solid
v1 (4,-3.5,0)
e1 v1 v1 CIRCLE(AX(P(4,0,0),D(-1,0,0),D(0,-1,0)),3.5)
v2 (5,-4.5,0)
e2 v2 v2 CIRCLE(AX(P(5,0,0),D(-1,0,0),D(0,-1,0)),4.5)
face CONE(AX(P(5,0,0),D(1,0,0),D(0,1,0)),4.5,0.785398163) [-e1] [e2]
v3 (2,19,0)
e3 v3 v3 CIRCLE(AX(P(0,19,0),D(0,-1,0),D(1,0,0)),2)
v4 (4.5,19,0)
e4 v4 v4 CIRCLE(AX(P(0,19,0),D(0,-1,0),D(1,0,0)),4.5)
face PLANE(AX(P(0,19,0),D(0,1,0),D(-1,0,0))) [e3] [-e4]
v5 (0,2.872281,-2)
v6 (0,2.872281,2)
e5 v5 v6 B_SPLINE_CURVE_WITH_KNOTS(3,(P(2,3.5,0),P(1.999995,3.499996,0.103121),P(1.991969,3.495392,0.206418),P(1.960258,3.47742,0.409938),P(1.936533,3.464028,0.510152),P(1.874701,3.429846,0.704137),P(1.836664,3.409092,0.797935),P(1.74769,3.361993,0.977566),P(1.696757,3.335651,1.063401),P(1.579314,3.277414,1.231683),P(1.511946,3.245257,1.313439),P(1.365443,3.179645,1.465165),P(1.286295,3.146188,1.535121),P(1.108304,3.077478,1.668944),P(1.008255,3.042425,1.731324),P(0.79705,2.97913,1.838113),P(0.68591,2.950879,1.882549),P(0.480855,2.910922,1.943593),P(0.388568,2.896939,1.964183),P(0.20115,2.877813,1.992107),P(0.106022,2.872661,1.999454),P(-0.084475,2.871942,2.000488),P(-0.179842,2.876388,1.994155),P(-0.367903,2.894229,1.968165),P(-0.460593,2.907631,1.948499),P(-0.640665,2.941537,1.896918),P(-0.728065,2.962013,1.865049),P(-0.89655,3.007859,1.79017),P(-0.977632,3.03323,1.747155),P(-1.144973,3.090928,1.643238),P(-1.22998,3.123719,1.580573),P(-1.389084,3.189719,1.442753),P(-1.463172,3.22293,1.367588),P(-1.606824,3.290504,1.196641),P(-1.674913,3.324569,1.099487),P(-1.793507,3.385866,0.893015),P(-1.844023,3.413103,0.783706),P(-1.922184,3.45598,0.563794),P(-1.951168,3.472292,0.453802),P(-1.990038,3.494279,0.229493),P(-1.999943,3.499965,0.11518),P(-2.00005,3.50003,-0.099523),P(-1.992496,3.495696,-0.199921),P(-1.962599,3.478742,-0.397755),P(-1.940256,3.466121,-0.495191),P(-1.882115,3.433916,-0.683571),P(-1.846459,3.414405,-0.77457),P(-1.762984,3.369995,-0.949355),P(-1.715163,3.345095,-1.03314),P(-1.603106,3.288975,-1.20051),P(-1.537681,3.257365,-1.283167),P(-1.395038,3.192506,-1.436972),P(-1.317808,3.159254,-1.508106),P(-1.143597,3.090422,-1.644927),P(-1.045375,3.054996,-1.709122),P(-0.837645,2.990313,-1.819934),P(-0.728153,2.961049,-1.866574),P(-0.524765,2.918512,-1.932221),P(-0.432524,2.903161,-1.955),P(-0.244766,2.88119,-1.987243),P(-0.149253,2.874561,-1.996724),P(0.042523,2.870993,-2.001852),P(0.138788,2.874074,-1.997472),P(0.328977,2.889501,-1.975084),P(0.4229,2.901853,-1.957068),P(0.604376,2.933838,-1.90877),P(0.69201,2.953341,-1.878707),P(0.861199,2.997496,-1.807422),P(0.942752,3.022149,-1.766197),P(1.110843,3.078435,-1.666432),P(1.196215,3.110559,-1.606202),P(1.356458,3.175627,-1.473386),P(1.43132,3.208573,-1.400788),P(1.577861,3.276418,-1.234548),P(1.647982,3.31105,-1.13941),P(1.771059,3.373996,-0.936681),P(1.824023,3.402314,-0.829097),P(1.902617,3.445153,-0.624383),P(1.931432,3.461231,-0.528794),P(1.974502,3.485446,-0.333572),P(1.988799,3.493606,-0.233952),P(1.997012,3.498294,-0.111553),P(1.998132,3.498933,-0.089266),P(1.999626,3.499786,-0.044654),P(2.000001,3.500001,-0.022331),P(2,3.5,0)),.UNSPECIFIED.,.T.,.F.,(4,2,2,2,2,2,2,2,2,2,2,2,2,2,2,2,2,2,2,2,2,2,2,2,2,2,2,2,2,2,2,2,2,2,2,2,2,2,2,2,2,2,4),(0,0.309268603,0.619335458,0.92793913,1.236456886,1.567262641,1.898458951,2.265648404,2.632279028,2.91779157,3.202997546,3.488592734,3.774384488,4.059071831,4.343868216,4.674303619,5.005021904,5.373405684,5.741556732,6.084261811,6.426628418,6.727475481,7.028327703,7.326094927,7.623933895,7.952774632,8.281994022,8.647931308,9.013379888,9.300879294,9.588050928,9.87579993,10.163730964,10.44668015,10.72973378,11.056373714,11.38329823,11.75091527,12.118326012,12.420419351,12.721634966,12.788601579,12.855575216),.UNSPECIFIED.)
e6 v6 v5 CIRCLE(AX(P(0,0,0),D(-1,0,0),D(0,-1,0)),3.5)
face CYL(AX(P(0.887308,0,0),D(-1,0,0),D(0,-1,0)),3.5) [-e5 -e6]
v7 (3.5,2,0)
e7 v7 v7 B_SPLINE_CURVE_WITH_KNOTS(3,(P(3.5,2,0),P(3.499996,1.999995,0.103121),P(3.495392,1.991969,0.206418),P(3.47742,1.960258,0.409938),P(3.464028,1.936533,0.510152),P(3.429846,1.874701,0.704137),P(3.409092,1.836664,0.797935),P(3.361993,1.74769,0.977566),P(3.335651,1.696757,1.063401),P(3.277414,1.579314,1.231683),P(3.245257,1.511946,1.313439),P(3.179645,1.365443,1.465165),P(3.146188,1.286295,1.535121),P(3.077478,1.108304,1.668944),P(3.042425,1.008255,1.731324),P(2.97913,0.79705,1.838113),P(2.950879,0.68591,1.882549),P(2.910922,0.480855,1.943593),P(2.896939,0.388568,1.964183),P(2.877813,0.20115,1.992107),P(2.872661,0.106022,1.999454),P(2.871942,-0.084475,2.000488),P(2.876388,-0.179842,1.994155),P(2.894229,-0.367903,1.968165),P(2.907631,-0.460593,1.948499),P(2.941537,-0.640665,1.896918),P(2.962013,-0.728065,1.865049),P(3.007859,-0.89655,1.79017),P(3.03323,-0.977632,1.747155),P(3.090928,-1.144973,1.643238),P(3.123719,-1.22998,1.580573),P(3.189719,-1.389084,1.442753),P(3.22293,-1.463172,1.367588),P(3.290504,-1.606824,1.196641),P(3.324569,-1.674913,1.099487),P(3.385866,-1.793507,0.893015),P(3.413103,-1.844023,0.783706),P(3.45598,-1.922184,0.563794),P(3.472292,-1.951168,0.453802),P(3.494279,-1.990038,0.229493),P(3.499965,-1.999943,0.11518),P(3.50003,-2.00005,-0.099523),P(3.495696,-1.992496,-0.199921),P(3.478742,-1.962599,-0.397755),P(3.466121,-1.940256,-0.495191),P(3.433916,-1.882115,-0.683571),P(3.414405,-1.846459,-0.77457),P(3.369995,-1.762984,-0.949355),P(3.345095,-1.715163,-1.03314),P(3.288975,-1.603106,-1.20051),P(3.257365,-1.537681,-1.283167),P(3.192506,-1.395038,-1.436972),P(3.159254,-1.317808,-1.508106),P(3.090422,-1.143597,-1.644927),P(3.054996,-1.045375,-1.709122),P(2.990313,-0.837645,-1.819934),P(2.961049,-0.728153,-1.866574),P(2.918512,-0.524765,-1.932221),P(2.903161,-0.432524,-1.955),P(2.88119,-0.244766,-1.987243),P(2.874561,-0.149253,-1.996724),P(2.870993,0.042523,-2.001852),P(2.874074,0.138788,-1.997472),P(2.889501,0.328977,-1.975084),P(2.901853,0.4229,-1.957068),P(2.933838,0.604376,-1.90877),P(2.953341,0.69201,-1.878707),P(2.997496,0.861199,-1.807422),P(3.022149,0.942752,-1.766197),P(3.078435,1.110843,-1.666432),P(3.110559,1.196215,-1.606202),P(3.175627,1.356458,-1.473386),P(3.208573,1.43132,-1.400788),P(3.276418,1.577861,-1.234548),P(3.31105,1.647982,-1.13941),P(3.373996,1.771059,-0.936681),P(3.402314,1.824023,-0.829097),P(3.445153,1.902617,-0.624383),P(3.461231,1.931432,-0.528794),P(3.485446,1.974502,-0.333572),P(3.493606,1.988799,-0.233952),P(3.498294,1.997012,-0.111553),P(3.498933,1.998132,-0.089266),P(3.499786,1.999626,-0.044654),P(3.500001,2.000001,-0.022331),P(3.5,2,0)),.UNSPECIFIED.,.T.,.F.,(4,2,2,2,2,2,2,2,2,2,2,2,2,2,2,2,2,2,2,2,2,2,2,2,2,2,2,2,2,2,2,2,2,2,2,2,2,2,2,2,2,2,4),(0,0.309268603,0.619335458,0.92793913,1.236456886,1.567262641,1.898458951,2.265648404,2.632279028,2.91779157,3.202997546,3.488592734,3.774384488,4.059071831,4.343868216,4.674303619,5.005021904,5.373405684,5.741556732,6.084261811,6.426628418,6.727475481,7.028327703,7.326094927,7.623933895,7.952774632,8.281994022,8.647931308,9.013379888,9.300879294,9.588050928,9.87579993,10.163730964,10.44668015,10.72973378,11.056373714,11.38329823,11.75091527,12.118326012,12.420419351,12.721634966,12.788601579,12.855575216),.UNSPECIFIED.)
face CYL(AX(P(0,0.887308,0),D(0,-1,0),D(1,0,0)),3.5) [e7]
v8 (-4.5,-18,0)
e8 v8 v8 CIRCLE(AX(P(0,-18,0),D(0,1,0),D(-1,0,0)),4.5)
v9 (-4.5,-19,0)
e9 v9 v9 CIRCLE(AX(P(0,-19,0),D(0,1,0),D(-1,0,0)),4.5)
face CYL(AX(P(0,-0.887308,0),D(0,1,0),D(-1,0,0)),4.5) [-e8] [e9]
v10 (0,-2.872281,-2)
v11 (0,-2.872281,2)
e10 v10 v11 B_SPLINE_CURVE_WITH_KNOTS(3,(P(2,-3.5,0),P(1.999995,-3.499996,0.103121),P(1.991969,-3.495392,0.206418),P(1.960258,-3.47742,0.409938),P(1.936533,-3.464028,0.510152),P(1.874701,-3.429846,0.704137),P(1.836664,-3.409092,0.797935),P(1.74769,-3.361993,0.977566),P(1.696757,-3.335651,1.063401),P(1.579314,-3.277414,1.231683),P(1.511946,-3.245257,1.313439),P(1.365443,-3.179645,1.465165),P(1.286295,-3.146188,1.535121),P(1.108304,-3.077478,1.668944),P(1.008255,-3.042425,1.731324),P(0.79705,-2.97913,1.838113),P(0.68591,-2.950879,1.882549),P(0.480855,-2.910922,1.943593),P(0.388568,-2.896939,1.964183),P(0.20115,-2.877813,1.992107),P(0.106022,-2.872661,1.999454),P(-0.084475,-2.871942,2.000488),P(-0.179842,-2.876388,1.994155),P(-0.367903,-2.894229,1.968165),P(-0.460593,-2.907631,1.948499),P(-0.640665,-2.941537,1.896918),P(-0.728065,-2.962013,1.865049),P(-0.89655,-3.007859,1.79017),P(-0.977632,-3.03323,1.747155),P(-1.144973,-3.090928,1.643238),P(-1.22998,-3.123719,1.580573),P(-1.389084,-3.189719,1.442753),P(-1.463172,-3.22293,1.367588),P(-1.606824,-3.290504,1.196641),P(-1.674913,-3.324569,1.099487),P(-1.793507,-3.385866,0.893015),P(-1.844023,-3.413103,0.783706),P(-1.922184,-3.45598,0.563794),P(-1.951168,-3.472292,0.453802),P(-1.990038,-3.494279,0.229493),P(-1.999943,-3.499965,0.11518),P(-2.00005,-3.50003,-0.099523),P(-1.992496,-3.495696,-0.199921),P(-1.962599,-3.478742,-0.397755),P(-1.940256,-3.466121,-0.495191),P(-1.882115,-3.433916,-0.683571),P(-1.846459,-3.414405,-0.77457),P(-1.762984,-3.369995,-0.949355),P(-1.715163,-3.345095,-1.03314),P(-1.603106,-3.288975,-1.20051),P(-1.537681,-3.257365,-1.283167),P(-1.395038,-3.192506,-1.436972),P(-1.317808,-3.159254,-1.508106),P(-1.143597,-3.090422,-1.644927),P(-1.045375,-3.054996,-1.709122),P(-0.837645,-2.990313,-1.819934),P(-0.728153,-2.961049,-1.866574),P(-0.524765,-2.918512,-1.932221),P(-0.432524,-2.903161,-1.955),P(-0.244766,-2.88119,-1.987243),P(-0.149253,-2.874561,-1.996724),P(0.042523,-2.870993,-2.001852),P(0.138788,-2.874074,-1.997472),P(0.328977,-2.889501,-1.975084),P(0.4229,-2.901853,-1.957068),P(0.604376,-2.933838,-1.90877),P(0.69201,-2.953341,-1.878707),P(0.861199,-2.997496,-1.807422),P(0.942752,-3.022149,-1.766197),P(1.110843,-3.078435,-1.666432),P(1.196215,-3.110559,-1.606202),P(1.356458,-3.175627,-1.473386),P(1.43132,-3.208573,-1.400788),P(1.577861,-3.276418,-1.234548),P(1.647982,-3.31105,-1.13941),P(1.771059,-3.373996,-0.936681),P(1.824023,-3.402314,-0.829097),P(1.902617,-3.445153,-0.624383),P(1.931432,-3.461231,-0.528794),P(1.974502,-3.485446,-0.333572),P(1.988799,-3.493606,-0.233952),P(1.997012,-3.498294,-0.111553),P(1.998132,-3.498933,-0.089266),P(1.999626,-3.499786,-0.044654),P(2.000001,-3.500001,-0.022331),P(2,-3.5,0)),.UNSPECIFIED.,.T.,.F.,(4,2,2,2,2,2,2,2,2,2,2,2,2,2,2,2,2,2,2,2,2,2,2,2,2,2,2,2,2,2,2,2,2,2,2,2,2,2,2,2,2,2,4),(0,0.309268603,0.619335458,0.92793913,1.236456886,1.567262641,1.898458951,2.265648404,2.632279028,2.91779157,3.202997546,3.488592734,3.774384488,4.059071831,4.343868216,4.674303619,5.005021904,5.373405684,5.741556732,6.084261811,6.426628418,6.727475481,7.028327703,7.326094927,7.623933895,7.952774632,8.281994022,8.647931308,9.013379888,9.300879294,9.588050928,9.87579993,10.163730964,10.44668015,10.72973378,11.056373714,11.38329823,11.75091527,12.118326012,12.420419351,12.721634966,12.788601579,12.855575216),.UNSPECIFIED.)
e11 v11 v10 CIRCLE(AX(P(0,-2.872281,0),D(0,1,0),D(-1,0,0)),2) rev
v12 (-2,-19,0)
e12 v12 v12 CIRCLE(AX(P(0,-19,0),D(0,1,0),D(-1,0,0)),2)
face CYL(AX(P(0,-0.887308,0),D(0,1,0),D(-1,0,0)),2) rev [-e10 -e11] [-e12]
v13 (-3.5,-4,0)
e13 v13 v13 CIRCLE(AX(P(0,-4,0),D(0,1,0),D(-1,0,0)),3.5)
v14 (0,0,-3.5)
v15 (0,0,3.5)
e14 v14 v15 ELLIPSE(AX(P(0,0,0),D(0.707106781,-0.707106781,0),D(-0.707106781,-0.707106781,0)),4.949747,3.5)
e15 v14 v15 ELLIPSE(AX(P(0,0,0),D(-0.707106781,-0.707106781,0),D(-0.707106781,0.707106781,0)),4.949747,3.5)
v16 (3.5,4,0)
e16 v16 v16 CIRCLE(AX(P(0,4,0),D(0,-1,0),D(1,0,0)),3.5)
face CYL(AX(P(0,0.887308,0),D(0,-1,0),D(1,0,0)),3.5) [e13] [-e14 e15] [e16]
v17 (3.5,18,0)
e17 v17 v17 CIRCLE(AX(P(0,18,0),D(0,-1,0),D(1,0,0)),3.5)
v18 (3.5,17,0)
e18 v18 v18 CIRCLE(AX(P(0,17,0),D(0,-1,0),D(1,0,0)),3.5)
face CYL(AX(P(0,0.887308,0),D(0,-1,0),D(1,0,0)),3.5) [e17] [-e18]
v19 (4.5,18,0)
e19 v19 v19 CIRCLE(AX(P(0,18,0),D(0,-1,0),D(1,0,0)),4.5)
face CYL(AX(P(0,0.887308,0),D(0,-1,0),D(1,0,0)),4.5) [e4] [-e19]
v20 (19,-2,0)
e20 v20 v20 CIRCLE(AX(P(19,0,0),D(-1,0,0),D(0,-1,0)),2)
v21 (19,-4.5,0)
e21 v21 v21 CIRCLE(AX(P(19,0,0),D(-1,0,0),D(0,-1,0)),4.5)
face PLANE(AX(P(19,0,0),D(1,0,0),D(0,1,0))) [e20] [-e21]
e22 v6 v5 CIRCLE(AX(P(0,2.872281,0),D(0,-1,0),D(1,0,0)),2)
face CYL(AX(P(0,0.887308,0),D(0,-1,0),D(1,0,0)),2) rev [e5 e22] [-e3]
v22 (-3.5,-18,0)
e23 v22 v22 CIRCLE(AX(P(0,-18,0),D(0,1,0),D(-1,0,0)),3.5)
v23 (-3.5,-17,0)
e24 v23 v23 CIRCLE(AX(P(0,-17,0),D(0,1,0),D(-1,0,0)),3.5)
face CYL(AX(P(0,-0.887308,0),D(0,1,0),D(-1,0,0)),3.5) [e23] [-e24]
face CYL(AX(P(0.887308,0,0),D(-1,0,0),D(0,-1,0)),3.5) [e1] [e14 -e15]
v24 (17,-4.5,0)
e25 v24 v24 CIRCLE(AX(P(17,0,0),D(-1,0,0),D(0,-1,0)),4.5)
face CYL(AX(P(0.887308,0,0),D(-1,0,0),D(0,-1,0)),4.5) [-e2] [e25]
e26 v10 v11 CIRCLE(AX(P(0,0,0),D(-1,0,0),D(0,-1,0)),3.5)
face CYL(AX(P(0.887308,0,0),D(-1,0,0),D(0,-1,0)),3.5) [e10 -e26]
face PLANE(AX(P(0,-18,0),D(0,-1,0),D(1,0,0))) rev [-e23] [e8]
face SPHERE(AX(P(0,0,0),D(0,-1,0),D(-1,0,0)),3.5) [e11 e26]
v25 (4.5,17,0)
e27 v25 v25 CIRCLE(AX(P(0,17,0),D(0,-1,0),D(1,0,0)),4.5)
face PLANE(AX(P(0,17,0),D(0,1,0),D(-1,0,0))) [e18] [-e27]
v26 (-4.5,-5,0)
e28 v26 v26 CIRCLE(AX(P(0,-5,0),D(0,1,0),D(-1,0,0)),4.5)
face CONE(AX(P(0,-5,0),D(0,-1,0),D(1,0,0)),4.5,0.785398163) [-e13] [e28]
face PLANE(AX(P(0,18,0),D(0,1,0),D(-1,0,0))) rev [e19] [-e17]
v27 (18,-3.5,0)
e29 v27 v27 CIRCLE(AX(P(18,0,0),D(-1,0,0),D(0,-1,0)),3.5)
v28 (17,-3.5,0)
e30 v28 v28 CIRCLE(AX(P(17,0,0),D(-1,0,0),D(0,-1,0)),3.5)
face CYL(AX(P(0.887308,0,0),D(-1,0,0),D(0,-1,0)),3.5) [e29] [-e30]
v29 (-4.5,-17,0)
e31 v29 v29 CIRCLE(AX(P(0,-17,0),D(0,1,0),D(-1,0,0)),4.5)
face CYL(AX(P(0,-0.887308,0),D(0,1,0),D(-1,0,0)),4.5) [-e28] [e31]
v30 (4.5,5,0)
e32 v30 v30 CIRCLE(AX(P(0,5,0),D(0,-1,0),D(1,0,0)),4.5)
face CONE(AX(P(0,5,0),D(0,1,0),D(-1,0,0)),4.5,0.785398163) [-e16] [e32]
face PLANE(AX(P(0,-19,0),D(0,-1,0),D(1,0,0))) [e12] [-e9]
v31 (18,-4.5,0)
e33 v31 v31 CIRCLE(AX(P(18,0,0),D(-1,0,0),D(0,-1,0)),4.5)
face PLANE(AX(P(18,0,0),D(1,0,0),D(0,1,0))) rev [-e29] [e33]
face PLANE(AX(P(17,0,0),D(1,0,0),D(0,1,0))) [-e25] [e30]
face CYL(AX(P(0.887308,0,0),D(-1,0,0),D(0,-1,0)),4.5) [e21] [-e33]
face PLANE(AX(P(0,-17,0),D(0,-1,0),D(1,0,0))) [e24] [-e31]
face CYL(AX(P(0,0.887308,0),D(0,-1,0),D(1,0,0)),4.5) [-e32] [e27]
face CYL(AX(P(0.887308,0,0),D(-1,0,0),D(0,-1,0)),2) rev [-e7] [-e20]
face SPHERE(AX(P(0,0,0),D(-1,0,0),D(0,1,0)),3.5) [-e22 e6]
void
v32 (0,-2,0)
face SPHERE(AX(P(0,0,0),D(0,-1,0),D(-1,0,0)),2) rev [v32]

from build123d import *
from build123d.topology import SkipClean

# Parameters (mm, degrees)
PATTERN_CIRCULAR_1_COUNT = 3
PATTERN_CIRCULAR_1_ANGLE = 180


with BuildPart() as part:
    # Эскиз1 one side → Повернуть1 (revolve)
    with BuildSketch(Plane.XY, mode=Mode.PRIVATE) as revolve_1_sk:
        with BuildLine():
            Line((0, -3.5), (0, -2))
            ThreePointArc((0, -2), (-1.414213562, -1.414213562), (-2, 0))
            Line((-2, 0), (-2, 6))
            Line((-2, 6), (-2, 19))
            Line((-2, 19), (-4.5, 19))
            Line((-4.5, 19), (-4.5, 18))
            Line((-4.5, 18), (-3.5, 18))
            Line((-3.5, 18), (-3.5, 17))
            Line((-3.5, 17), (-4.5, 17))
            Line((-4.5, 17), (-4.5, 5))
            Line((-4.5, 5), (-3.5, 4))
            Line((-3.5, 4), (-3.5, 0))
            ThreePointArc((-3.5, 0), (-2.474873734, -2.474873734), (0, -3.5))
        make_face()
    revolve_1 = revolve(revolve_1_sk.sketch.rotate(Axis((0, 0.887308405, 0), (0, 1, 0)), 180), axis=Axis((0, 0.887308405, 0), (0, 1, 0)))

    # Круговой массив1: Повернуть1 ×3 about axis
    with SkipClean():  # the faces are left unmerged after this step: merging them gives an invalid solid
        pattern_circular_1_axis = Axis((0, 0, 0), (0, 0, -1))
        for i in range(1, PATTERN_CIRCULAR_1_COUNT):
            add(revolve_1.rotate(pattern_circular_1_axis, i * PATTERN_CIRCULAR_1_ANGLE / (PATTERN_CIRCULAR_1_COUNT - 1)))


solid = part.part
